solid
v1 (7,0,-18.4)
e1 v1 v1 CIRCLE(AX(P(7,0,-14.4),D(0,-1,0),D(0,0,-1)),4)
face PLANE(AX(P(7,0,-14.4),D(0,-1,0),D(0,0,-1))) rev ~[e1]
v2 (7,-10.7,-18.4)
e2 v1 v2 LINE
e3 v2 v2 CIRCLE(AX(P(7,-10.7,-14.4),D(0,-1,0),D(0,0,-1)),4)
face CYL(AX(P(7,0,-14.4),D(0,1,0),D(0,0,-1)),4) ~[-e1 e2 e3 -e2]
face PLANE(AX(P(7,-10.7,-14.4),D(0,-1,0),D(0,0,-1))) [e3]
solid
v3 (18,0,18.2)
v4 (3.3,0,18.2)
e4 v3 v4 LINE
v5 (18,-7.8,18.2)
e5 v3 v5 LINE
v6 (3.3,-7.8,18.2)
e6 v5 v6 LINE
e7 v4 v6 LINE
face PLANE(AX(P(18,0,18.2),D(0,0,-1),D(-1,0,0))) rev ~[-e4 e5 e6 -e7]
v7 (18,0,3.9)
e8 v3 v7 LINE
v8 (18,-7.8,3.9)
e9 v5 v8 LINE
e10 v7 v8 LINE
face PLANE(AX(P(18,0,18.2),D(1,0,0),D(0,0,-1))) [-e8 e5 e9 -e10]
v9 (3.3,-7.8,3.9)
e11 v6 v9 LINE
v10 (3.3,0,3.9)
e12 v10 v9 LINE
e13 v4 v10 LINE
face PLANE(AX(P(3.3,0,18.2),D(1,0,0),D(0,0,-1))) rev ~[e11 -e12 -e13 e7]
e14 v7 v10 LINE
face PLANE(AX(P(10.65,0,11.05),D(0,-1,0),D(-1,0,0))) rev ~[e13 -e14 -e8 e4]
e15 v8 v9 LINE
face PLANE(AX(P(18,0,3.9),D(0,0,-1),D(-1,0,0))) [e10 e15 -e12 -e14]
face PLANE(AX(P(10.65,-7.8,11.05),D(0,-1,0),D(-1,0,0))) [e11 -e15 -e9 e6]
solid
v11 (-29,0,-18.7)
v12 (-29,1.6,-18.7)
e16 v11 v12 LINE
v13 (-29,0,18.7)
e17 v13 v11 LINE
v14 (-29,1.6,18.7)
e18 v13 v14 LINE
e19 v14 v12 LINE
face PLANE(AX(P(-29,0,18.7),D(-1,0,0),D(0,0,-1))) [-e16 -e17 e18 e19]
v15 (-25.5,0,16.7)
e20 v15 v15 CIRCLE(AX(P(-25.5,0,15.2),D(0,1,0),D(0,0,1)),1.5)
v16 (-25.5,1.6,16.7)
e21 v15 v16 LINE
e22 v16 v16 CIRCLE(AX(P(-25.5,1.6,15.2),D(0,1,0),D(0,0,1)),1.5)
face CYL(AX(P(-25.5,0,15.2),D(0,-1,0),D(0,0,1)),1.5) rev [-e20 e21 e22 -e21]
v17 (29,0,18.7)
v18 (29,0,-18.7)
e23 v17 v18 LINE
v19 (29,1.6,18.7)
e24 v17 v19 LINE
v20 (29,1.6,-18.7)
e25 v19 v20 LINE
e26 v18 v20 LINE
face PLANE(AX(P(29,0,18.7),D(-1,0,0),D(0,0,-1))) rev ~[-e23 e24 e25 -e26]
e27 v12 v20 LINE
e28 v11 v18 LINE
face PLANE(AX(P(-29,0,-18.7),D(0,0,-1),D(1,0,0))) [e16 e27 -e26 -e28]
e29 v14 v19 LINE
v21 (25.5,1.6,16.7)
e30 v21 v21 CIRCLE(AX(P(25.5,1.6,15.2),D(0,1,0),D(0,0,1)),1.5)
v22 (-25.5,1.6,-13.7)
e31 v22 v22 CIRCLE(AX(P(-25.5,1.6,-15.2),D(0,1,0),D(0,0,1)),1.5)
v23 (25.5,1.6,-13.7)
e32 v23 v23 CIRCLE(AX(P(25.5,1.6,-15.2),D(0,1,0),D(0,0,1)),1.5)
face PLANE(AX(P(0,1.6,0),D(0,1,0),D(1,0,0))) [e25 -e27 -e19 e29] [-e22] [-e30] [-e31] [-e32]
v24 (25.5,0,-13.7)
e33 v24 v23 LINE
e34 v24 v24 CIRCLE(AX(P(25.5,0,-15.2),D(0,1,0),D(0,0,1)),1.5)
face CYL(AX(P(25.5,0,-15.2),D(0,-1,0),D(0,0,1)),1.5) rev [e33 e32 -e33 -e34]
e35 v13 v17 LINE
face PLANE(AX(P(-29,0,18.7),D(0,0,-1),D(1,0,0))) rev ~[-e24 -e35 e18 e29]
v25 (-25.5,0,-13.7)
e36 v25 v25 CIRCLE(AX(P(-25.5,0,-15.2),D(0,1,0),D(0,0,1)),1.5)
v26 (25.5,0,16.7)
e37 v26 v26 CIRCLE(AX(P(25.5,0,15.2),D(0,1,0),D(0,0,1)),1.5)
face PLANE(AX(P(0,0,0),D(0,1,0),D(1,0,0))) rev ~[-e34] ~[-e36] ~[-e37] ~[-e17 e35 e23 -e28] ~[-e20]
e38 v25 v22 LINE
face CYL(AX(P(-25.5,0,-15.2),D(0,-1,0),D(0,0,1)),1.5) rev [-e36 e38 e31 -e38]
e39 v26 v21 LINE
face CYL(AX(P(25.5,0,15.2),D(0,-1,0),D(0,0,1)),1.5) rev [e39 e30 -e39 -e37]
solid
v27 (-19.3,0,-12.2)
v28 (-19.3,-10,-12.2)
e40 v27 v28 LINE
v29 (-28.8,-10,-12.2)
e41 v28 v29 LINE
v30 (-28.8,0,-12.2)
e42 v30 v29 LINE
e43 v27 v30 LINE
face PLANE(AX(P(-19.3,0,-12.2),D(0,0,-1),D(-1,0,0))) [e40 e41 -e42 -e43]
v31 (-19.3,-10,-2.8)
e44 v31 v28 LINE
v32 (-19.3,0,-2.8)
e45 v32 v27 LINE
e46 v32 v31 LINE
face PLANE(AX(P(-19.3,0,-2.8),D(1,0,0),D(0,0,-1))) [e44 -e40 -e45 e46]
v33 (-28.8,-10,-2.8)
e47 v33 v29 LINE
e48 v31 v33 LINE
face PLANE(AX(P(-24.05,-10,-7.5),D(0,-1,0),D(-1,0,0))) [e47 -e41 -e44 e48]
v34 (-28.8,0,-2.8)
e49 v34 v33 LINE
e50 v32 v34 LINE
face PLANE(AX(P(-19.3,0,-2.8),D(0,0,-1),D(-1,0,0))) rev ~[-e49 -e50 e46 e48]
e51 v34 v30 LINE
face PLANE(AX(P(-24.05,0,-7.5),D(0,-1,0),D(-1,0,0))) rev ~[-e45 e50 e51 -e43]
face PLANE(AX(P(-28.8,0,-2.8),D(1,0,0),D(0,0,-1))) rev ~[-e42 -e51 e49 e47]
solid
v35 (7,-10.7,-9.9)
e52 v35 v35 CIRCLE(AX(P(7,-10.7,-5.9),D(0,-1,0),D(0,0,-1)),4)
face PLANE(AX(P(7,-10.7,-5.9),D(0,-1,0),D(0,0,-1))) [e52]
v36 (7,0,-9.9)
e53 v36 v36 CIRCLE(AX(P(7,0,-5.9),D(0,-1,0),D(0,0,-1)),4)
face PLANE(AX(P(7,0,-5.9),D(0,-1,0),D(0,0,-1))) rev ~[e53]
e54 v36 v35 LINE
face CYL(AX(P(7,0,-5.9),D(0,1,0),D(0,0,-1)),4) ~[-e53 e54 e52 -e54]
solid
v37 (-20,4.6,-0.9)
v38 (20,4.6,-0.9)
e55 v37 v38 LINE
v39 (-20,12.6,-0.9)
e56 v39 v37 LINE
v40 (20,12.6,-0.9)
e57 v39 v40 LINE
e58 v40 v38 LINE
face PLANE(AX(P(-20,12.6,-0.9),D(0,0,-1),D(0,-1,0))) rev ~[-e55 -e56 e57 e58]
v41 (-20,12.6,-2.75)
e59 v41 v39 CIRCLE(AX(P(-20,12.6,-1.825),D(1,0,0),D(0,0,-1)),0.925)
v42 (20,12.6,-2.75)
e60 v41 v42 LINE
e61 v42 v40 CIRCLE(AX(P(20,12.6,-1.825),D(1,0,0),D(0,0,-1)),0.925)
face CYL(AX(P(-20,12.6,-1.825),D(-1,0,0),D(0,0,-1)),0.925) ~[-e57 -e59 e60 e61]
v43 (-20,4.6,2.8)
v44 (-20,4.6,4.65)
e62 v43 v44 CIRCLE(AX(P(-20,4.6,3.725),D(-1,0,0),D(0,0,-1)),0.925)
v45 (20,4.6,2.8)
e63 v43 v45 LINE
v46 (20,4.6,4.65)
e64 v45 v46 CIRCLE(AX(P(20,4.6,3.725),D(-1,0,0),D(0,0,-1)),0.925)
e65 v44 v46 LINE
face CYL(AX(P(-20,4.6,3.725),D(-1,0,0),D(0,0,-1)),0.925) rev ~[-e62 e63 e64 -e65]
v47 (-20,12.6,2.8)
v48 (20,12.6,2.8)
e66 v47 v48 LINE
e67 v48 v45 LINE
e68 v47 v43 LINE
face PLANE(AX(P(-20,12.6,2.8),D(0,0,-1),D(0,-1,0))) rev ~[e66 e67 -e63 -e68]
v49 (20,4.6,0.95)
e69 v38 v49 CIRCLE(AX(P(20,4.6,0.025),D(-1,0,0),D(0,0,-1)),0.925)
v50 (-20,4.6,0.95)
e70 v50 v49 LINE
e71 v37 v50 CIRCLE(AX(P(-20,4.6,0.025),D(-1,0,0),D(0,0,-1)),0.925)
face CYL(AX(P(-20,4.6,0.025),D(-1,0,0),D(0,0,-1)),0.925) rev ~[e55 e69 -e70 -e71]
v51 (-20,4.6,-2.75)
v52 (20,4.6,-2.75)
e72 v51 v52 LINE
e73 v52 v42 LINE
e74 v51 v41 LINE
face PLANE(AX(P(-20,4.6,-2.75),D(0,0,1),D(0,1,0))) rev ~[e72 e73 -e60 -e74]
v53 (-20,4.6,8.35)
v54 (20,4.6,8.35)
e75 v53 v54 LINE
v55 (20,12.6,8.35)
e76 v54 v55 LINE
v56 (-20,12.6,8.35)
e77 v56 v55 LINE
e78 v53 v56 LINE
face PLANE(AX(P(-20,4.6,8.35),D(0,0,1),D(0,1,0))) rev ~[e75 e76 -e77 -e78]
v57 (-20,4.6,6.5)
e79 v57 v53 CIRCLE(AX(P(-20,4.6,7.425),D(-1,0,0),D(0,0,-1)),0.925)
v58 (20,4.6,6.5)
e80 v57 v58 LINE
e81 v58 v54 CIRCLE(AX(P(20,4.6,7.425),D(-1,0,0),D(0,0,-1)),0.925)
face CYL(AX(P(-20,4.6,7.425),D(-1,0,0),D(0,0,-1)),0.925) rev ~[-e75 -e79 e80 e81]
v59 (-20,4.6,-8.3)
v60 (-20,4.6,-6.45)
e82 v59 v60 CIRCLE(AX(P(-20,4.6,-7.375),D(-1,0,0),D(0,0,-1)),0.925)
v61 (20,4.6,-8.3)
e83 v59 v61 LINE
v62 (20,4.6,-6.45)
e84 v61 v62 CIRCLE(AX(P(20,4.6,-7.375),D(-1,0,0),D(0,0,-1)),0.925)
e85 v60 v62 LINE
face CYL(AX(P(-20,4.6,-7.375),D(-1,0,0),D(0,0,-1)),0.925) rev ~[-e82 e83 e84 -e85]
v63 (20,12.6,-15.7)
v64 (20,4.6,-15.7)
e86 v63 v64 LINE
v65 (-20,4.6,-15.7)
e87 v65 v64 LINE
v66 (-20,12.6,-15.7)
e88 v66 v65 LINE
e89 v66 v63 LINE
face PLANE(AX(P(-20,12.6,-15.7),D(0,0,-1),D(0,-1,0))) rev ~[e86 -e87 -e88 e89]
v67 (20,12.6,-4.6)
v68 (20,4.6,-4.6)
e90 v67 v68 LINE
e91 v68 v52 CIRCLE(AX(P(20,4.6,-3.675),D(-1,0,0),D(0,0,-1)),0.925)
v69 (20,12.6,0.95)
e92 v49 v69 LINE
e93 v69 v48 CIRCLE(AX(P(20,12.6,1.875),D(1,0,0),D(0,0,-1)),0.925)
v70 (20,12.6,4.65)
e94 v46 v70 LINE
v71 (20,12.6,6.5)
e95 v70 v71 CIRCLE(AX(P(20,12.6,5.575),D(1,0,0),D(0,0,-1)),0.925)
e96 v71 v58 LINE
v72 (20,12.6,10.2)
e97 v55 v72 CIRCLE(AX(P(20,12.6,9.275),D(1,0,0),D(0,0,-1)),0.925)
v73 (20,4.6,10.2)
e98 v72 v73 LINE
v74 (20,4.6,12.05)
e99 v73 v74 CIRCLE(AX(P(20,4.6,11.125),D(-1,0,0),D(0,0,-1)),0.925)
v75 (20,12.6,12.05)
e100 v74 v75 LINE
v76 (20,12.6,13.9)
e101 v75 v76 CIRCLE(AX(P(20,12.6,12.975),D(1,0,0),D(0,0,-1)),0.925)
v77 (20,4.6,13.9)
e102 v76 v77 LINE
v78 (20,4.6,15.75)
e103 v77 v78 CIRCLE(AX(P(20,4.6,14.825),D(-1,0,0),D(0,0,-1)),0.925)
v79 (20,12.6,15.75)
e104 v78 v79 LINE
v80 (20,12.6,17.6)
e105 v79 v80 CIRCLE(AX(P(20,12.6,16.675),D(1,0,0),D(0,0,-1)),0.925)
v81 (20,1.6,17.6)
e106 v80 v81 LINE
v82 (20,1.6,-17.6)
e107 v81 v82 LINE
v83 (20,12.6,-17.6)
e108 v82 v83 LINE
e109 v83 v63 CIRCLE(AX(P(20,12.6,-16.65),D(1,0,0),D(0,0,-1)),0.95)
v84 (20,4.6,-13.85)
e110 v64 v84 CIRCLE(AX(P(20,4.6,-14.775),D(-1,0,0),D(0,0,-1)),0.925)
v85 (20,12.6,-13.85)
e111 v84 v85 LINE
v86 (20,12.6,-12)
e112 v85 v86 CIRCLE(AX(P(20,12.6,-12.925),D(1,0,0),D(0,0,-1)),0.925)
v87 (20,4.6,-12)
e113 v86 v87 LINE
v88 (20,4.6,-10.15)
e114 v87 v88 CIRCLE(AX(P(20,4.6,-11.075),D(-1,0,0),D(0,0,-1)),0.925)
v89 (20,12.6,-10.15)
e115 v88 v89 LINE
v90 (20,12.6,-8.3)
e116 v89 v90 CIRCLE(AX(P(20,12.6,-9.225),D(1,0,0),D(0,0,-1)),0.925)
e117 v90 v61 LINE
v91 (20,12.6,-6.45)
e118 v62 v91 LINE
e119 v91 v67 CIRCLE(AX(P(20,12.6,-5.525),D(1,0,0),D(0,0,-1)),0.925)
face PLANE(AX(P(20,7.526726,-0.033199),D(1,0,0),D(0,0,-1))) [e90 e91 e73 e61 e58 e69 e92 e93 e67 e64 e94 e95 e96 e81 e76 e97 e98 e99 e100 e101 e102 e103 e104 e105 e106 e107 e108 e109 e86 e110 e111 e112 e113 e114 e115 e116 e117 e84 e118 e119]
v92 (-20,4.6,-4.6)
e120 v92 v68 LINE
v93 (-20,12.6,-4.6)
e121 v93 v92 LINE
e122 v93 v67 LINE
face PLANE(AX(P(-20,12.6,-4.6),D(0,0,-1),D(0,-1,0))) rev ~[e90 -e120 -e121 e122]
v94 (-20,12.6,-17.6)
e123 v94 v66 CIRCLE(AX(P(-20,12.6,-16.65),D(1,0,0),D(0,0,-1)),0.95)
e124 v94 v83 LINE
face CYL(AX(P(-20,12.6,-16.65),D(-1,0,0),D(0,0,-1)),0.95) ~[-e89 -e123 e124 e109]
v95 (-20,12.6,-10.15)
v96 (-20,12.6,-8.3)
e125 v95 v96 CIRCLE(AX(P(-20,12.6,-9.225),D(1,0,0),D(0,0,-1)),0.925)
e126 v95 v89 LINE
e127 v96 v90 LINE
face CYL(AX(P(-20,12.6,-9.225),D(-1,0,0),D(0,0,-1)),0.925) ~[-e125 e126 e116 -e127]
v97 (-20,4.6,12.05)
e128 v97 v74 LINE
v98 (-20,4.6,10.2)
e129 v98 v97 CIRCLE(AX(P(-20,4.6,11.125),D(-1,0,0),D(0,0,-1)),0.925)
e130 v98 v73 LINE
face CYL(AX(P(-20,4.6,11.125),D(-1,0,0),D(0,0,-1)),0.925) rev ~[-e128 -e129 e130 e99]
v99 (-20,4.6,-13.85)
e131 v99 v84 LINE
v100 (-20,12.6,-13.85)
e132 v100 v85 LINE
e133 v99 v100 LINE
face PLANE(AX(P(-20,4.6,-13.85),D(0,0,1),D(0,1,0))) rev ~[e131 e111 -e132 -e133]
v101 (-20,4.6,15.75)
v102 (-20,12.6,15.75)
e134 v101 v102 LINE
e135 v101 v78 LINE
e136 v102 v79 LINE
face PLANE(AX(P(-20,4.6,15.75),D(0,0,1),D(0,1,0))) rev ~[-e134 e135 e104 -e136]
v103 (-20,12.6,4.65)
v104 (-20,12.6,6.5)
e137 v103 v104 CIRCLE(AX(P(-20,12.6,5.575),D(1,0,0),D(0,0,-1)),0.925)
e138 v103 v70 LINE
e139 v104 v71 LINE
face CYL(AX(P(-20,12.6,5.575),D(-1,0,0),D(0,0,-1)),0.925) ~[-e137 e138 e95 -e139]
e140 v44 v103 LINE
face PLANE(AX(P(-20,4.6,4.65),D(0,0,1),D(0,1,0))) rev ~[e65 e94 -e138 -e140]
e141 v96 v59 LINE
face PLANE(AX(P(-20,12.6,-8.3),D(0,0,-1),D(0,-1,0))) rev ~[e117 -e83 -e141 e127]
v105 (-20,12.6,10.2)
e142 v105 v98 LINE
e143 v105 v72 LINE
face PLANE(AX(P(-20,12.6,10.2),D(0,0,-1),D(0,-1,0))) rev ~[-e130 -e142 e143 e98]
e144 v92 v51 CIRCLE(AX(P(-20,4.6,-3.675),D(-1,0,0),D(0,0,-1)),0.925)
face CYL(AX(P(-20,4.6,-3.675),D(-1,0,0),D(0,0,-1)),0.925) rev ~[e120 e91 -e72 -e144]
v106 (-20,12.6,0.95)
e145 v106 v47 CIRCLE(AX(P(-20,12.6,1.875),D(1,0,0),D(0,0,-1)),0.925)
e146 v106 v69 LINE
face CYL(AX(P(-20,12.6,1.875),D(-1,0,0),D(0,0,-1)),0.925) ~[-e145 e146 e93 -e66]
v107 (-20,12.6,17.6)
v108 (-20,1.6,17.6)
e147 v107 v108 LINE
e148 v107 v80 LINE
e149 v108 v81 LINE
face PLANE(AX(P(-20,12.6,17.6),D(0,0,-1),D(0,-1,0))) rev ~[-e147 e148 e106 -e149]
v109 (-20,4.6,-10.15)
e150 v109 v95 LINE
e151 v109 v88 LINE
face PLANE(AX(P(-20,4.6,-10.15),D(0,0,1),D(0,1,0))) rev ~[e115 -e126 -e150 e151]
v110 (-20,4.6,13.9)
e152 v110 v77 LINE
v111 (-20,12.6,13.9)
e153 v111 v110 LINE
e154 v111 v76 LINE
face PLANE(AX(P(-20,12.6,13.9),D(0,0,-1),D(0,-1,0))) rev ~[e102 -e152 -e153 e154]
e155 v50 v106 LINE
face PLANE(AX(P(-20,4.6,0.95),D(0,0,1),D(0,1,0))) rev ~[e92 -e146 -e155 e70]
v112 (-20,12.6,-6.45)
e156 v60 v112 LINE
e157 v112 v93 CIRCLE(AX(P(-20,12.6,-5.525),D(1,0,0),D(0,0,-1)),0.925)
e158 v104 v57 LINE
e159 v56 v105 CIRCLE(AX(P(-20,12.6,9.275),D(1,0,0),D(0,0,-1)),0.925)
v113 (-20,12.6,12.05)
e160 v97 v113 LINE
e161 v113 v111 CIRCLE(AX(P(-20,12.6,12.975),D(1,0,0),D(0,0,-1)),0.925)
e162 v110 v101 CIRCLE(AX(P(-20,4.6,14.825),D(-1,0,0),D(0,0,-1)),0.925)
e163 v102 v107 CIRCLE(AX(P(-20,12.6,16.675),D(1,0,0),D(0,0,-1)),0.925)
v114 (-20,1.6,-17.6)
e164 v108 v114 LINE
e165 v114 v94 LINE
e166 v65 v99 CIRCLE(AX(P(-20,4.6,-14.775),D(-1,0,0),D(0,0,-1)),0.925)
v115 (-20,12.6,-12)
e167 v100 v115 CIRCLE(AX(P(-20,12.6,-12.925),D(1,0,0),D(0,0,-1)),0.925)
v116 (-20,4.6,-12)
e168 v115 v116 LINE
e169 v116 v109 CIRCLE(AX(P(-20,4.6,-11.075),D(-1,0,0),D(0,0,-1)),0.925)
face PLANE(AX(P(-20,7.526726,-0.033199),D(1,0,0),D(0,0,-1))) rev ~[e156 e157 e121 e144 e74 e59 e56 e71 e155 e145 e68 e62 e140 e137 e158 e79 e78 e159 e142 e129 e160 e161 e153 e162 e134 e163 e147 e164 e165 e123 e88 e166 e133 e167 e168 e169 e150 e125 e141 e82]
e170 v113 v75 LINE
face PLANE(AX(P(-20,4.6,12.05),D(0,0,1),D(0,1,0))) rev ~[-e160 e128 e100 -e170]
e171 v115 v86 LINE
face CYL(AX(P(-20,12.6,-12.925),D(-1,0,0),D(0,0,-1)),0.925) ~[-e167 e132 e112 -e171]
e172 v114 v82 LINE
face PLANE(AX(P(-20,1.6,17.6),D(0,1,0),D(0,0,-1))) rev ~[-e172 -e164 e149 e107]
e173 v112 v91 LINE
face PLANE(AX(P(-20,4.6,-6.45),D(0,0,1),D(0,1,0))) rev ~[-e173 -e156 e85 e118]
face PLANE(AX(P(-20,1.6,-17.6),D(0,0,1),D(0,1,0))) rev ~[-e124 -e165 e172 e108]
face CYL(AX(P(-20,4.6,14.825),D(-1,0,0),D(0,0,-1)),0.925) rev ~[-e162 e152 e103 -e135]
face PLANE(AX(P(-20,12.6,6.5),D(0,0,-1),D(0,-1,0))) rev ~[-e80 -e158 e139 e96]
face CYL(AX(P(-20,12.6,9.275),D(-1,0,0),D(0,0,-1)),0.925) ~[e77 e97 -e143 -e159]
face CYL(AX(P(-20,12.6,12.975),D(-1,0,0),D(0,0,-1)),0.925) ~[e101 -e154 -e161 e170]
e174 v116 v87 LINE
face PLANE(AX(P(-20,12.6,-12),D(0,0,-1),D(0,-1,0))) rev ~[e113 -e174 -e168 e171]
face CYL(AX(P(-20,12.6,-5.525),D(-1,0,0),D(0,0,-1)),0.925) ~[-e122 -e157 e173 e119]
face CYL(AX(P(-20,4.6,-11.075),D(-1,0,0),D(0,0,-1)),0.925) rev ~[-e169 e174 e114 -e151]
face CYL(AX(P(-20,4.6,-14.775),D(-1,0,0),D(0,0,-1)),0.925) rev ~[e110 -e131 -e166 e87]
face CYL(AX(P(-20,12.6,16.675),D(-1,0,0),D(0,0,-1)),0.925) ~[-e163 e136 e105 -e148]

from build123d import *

# Parameters (mm, degrees)
SKETCH1_W                = 58
SKETCH1_H                = 37.4
SKETCH1_R                = 1.5
BOSS_EXTRUDE1_DEPTH      = 1.6
BOSS_EXTRUDE2_DEPTH      = 20
BOSS_EXTRUDE2_DEPTH_BACK = 20
SKETCH3_W                = 14.7
SKETCH3_H                = 14.3
BOSS_EXTRUDE3_DEPTH      = 7.8
SKETCH4_R                = 4
BOSS_EXTRUDE4_DEPTH      = 10.7
BOSS_EXTRUDE4_2_DEPTH    = 10.7
SKETCH5_W                = 9.5
SKETCH5_H                = 9.4
BOSS_EXTRUDE5_DEPTH      = 10


with BuildPart() as part:
    # Sketch1 → Boss-Extrude1 (new body)
    with BuildSketch(Plane(origin=(0, 0, 0), x_dir=(1, 0, 0), z_dir=(0, 1, 0))):
        Rectangle(SKETCH1_W, SKETCH1_H)
        with Locations(Location((25.5, 15.2, 0), (0, 0, 270))):
            Circle(SKETCH1_R, mode=Mode.SUBTRACT)
        with Locations(Location((25.5, -15.2, 0), (0, 0, 270))):
            Circle(SKETCH1_R, mode=Mode.SUBTRACT)
        with Locations(Location((-25.5, -15.2, 0), (0, 0, 270))):
            Circle(SKETCH1_R, mode=Mode.SUBTRACT)
        with Locations(Location((-25.5, 15.2, 0), (0, 0, 270))):
            Circle(SKETCH1_R, mode=Mode.SUBTRACT)
    extrude(amount=BOSS_EXTRUDE1_DEPTH)


with BuildPart() as body_2:
    # Sketch2 → Boss-Extrude2 (new, two sides: drawn at the far end of the back side and taken through both)
    with BuildSketch(Plane(origin=(0, 0, 0), x_dir=(0, 0, -1), z_dir=(1, 0, 0)).offset(-BOSS_EXTRUDE2_DEPTH_BACK)):
        with BuildLine():
            Line((-17.6, 12.6), (-17.6, 1.6))
            Line((-17.6, 1.6), (17.6, 1.6))
            Line((17.6, 1.6), (17.6, 12.6))
            ThreePointArc((17.6, 12.6), (16.65, 13.55), (15.7, 12.6))
            Line((15.7, 12.6), (15.7, 4.6))
            ThreePointArc((15.7, 4.6), (14.775, 3.675), (13.85, 4.6))
            Line((13.85, 4.6), (13.85, 12.6))
            ThreePointArc((13.85, 12.6), (12.925, 13.525), (12, 12.6))
            Line((12, 12.6), (12, 4.6))
            ThreePointArc((12, 4.6), (11.075, 3.675), (10.15, 4.6))
            Line((10.15, 4.6), (10.15, 12.6))
            ThreePointArc((10.15, 12.6), (9.225, 13.525), (8.3, 12.6))
            Line((8.3, 12.6), (8.3, 4.6))
            ThreePointArc((8.3, 4.6), (7.375, 3.675), (6.45, 4.6))
            Line((6.45, 4.6), (6.45, 12.6))
            ThreePointArc((6.45, 12.6), (5.525, 13.525), (4.6, 12.6))
            Line((4.6, 12.6), (4.6, 4.6))
            ThreePointArc((4.6, 4.6), (3.675, 3.675), (2.75, 4.6))
            Line((2.75, 4.6), (2.75, 12.6))
            ThreePointArc((2.75, 12.6), (1.825, 13.525), (0.9, 12.6))
            Line((0.9, 12.6), (0.9, 4.6))
            ThreePointArc((0.9, 4.6), (-0.025, 3.675), (-0.95, 4.6))
            Line((-0.95, 4.6), (-0.95, 12.6))
            ThreePointArc((-0.95, 12.6), (-1.875, 13.525), (-2.8, 12.6))
            Line((-2.8, 12.6), (-2.8, 4.6))
            ThreePointArc((-2.8, 4.6), (-3.725, 3.675), (-4.65, 4.6))
            Line((-4.65, 4.6), (-4.65, 12.6))
            ThreePointArc((-4.65, 12.6), (-5.575, 13.525), (-6.5, 12.6))
            Line((-6.5, 12.6), (-6.5, 4.6))
            ThreePointArc((-6.5, 4.6), (-7.425, 3.675), (-8.35, 4.6))
            Line((-8.35, 4.6), (-8.35, 12.6))
            ThreePointArc((-8.35, 12.6), (-9.275, 13.525), (-10.2, 12.6))
            Line((-10.2, 12.6), (-10.2, 4.6))
            ThreePointArc((-10.2, 4.6), (-11.125, 3.675), (-12.05, 4.6))
            Line((-12.05, 4.6), (-12.05, 12.6))
            Line((-12.05, 12.6), (-13.9, 12.6))
            Line((-13.9, 12.6), (-13.9, 4.6))
            ThreePointArc((-13.9, 4.6), (-14.825, 3.675), (-15.75, 4.6))
            Line((-15.75, 4.6), (-15.75, 12.6))
            ThreePointArc((-15.75, 12.6), (-16.675, 13.525), (-17.6, 12.6))
        make_face()
        with BuildLine():
            ThreePointArc((-12.05, 12.6), (-12.975, 13.525), (-13.9, 12.6))
            Line((-13.9, 12.6), (-12.05, 12.6))
        make_face()
    extrude(amount=BOSS_EXTRUDE2_DEPTH + BOSS_EXTRUDE2_DEPTH_BACK)


with BuildPart() as body_3:
    # Sketch3 → Boss-Extrude3 (new body)
    with BuildSketch(Plane(origin=(0, 0, 0), x_dir=(-1, 0, 0), z_dir=(0, -1, 0))):
        with Locations((-10.65, -11.05)):
            Rectangle(SKETCH3_W, SKETCH3_H)
    extrude(amount=BOSS_EXTRUDE3_DEPTH)


with BuildPart() as body_4:
    # Sketch4 → Boss-Extrude4 (new body)
    with BuildSketch(Plane(origin=(0, 0, 0), x_dir=(-1, 0, 0), z_dir=(0, -1, 0))):
        with Locations(Location((-7, 14.4, 0), (0, 0, 90))):
            Circle(SKETCH4_R)
    extrude(amount=BOSS_EXTRUDE4_DEPTH)


with BuildPart() as body_5:
    # Sketch4 → Boss-Extrude4 2 (new body)
    with BuildSketch(Plane(origin=(0, 0, 0), x_dir=(-1, 0, 0), z_dir=(0, -1, 0))):
        with Locations(Location((-7, 5.9, 0), (0, 0, 90))):
            Circle(SKETCH4_R)
    extrude(amount=BOSS_EXTRUDE4_2_DEPTH)


with BuildPart() as body_6:
    # Sketch5 → Boss-Extrude5 (new body)
    with BuildSketch(Plane(origin=(0, 0, 0), x_dir=(-1, 0, 0), z_dir=(0, -1, 0))):
        with Locations((24.05, 7.5)):
            Rectangle(SKETCH5_W, SKETCH5_H)
    extrude(amount=BOSS_EXTRUDE5_DEPTH)


solid = Compound([part.part, body_2.part, body_3.part, body_4.part, body_5.part, body_6.part])
